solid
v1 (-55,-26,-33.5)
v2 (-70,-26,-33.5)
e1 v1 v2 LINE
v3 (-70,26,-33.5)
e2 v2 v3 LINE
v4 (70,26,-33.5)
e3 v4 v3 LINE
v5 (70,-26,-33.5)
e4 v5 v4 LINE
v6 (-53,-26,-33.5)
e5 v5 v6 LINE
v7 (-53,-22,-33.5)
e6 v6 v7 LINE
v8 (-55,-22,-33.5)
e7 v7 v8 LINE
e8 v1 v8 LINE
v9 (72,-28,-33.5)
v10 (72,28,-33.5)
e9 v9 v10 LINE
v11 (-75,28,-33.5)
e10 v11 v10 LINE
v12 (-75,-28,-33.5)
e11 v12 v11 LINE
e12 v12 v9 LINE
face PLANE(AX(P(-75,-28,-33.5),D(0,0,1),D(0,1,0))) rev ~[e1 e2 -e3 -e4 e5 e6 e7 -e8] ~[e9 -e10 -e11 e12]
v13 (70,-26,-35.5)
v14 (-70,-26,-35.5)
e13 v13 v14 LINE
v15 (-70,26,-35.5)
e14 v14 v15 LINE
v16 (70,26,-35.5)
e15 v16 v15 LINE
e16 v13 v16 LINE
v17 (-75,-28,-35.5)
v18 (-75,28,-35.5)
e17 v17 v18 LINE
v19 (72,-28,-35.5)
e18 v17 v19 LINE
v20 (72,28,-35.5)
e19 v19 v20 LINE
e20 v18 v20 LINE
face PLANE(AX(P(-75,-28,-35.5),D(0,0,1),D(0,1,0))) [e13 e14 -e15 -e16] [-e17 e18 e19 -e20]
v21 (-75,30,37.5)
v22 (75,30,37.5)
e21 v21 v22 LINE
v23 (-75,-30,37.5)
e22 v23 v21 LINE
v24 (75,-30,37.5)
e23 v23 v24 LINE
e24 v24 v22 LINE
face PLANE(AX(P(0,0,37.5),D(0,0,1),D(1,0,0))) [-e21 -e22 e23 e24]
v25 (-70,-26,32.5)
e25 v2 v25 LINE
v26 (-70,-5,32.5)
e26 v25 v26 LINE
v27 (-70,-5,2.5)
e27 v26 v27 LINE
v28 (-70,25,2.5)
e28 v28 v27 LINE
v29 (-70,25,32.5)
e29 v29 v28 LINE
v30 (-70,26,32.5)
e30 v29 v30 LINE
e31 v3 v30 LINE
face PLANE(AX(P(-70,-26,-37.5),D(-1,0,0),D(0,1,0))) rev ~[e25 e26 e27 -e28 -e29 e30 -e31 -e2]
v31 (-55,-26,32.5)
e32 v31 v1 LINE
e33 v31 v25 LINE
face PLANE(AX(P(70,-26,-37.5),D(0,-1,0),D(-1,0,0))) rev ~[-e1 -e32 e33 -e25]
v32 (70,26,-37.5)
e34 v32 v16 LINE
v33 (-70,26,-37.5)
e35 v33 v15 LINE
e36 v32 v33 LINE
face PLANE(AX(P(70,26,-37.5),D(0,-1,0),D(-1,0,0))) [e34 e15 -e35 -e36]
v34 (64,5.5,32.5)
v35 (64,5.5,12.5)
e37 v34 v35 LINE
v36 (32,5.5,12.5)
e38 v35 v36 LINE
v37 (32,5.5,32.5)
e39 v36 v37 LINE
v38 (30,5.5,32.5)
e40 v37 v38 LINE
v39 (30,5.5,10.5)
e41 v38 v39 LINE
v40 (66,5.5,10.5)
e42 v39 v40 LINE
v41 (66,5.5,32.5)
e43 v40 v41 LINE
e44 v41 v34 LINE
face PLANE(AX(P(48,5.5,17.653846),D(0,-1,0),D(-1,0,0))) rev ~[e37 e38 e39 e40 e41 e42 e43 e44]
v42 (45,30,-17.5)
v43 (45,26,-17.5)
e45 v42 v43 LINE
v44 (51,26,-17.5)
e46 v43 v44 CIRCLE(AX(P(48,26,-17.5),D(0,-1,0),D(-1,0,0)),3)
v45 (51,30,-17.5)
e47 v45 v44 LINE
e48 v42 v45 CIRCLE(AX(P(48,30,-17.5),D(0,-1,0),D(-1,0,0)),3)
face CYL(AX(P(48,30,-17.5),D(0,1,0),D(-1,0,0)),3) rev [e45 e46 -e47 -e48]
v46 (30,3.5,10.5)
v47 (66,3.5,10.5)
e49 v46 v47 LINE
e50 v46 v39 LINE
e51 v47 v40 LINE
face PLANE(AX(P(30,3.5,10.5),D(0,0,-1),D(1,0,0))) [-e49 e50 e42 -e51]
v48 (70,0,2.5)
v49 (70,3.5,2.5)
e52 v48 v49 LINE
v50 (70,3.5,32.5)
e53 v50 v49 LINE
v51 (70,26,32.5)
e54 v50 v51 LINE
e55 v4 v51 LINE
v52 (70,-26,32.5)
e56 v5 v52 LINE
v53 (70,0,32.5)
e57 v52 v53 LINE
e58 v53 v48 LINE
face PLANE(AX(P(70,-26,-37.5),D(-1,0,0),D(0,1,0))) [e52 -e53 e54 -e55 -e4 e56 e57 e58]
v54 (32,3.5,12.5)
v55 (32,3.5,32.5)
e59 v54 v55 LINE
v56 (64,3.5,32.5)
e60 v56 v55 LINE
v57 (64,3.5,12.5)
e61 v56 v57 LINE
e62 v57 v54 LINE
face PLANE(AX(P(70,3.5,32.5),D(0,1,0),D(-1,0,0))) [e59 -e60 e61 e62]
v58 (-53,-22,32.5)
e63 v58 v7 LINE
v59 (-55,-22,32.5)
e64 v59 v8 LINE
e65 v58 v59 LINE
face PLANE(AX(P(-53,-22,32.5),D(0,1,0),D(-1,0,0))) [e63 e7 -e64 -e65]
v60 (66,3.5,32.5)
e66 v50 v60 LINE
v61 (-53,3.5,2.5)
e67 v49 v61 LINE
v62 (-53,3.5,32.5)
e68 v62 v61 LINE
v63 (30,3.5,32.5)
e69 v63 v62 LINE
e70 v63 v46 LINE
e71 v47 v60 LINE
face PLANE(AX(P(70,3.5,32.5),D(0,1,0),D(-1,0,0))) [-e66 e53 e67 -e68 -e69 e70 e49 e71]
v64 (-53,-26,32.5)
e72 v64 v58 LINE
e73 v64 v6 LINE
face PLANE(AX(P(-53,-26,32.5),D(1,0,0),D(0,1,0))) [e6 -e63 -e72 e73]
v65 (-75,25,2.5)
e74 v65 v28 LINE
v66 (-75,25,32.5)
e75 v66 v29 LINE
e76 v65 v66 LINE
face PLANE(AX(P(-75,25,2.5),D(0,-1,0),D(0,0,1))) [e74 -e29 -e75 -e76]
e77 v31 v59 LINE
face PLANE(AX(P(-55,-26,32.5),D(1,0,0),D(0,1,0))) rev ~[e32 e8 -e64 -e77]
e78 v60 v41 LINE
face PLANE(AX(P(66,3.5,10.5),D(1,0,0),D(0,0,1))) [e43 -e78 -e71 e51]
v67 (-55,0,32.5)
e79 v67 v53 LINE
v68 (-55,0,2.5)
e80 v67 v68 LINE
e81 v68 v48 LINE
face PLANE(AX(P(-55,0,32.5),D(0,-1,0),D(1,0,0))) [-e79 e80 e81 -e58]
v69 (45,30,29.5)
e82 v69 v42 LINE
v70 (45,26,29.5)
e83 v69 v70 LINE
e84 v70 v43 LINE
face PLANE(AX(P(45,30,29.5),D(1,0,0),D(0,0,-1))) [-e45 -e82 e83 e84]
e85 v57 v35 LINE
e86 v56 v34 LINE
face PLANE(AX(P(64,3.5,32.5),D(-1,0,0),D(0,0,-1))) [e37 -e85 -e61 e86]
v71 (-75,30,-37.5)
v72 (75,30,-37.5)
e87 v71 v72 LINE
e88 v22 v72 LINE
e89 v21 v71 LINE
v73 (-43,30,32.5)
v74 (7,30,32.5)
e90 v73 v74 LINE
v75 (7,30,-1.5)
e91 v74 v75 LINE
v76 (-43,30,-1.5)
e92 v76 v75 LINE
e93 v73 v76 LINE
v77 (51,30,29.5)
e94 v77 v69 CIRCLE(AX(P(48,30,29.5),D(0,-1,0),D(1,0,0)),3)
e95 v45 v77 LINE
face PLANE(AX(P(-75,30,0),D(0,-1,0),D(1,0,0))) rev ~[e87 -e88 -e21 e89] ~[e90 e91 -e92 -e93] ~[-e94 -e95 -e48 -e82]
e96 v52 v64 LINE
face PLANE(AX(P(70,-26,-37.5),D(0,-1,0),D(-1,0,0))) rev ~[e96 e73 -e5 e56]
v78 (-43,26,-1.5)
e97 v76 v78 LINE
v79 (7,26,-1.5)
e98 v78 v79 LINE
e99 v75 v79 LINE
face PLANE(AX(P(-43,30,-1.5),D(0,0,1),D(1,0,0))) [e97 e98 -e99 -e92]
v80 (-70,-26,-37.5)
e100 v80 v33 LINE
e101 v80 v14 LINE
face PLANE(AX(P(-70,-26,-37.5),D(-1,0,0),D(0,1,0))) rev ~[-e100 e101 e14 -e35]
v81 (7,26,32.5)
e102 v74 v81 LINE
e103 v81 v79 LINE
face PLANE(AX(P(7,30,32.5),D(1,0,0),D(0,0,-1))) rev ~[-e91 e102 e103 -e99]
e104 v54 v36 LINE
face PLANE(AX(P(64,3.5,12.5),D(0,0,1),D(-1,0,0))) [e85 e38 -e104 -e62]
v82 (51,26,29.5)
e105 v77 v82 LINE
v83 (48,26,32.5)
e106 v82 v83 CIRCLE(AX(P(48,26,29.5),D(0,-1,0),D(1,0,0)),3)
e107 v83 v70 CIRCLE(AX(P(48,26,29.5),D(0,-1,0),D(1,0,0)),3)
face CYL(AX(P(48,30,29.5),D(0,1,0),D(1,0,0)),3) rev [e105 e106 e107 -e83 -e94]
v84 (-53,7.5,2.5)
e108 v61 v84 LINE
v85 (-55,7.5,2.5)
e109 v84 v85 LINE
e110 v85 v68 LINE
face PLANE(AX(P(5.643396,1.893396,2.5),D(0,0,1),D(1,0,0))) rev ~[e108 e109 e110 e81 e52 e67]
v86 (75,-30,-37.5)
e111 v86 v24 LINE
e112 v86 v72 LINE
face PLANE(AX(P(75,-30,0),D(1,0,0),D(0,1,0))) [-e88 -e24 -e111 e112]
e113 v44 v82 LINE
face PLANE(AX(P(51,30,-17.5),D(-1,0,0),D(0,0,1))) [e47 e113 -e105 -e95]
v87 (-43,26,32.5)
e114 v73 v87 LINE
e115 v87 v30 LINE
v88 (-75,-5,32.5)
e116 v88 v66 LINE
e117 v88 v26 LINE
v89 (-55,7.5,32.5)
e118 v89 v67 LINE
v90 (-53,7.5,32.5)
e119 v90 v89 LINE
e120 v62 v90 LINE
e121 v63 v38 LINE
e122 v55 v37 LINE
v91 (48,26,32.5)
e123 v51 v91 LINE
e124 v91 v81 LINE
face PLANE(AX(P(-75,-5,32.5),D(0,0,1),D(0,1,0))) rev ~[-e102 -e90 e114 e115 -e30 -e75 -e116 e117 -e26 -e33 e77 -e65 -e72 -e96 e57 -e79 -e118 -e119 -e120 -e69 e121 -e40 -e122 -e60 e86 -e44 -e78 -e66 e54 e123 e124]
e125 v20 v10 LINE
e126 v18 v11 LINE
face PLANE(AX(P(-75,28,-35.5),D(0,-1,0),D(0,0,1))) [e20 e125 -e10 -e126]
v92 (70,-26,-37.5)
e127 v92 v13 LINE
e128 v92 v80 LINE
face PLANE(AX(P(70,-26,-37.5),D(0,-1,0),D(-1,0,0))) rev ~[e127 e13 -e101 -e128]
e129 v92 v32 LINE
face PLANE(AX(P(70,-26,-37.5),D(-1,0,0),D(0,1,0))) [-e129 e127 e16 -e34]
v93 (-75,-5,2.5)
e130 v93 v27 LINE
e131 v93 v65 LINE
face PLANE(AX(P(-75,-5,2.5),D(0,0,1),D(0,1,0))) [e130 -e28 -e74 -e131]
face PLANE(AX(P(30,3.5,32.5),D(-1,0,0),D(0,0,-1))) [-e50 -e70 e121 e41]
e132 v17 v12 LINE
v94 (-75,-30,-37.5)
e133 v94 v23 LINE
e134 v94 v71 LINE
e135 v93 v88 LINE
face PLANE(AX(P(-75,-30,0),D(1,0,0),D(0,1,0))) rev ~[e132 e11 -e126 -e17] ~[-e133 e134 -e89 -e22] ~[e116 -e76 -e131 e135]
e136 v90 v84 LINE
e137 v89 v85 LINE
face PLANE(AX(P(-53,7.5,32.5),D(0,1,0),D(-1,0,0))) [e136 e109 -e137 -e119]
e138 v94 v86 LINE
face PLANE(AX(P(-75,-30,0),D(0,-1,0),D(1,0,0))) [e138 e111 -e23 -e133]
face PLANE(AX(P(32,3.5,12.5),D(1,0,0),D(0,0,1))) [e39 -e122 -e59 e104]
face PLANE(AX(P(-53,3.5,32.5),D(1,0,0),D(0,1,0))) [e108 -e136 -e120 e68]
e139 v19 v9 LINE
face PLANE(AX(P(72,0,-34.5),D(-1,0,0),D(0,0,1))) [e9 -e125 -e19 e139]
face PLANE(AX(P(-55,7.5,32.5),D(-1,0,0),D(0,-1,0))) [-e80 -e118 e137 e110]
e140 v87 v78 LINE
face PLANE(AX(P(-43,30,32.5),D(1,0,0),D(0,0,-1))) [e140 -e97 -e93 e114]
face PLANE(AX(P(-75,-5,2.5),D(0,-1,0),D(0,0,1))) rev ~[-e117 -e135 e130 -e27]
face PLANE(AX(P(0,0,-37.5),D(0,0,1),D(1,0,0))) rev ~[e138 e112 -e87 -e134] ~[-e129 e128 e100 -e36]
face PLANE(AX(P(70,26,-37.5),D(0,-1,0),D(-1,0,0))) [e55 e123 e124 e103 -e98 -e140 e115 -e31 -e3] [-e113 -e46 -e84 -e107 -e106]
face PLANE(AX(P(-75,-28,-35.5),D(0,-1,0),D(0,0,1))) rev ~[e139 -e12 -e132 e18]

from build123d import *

# Parameters (mm, degrees)
ESQUISSE1_W                 = 150
ESQUISSE1_H                 = 60
BOSS_EXTRU_1_DEPTH          = 37.5
ESQUISSE3_W                 = 140
ESQUISSE3_H                 = 52
ENL_V_MAT_EXTRU_2_DEPTH     = 70
ENL_V_MAT_VENTILATEUR_REACH = 159.5
ESQUISSE6_W                 = 30
ESQUISSE6_H                 = 30
ESQUISSE7_W                 = 2
ESQUISSE7_H                 = 4
BOSS_EXTRU_2_DEPTH          = 66
BOSS_EXTRU_3_DEPTH          = 30
ENL_V_MAT_ECRAN_REACH       = 105.108
ESQUISSE11_W                = 50
ESQUISSE11_H                = 34
ENL_V_MAT_MOLETTE_DEPTH     = 4
ESQUISSE15_W                = 2
ESQUISSE15_H                = 56
ENL_V_MAT_PAROI_DEPTH       = 147
BOSS_MOLETTE_DEPTH          = 2


with BuildPart() as part:
    # Esquisse1 → Boss.-Extru.1 (new, symmetric)
    with BuildSketch(Plane.XY):
        Rectangle(ESQUISSE1_W, ESQUISSE1_H)
    extrude(amount=BOSS_EXTRU_1_DEPTH, both=True)

    # Esquisse3 → Enlèv. mat.-Extru.2 (cut)
    with BuildSketch(Plane(origin=(0, 0, -37.5), x_dir=(-1, 0, 0), z_dir=(0, 0, -1))):
        Rectangle(ESQUISSE3_W, ESQUISSE3_H)
    extrude(amount=-ENL_V_MAT_EXTRU_2_DEPTH, mode=Mode.SUBTRACT)

    # Esquisse6 → Enlèv. mat.-Ventilateur (cut, up to next)
    with BuildSketch(Plane.ZY.offset(75), mode=Mode.PRIVATE) as enl_v_mat_ventilateur_sk1:
        with Locations((17.5, 10)):
            Rectangle(ESQUISSE6_W, ESQUISSE6_H)
    enl_v_mat_ventilateur_tool1 = extrude(enl_v_mat_ventilateur_sk1.sketch, amount=-ENL_V_MAT_VENTILATEUR_REACH, mode=Mode.PRIVATE) & part.part
    add(enl_v_mat_ventilateur_tool1.solids().sort_by_distance((-75, 10, 17.5))[0], mode=Mode.SUBTRACT)

    # Esquisse7 → Boss.-Extru.2 (add)
    with BuildSketch(Plane(origin=(0, 0, 32.5), x_dir=(-1, 0, 0), z_dir=(0, 0, -1))):
        with Locations((54, -24)):
            Rectangle(ESQUISSE7_W, ESQUISSE7_H)
    extrude(amount=BOSS_EXTRU_2_DEPTH)

    # Esquisse9 → Boss.-Extru.3 (add)
    with BuildSketch(Plane(origin=(0, 0, 32.5), x_dir=(-1, 0, 0), z_dir=(0, 0, -1))):
        Polygon((-70, 3.5), (53, 3.5), (53, 7.5), (55, 7.5), (55, 0), (-70, 0), align=None)
    extrude(amount=BOSS_EXTRU_3_DEPTH)

    # Esquisse11 → Enlèv. mat.-ecran (cut, up to next)
    with BuildSketch(Plane(origin=(0, 30, 0), x_dir=(1, 0, 0), z_dir=(0, 1, 0)), mode=Mode.PRIVATE) as enl_v_mat_ecran_sk1:
        with Locations((-18, -15.5)):
            Rectangle(ESQUISSE11_W, ESQUISSE11_H)
    enl_v_mat_ecran_tool1 = extrude(enl_v_mat_ecran_sk1.sketch, amount=-ENL_V_MAT_ECRAN_REACH, mode=Mode.PRIVATE) & part.part
    add(enl_v_mat_ecran_tool1.solids().sort_by_distance((-18, 30, 15.5))[0], mode=Mode.SUBTRACT)

    # Esquisse14 → Enlèv. mat.-molette (cut)
    with BuildSketch(Plane(origin=(0, 30, 0), x_dir=(1, 0, 0), z_dir=(0, 1, 0))):
        with BuildLine():
            Line((51, 17.5), (51, -29.5))
            ThreePointArc((51, -29.5), (48, -32.5), (45, -29.5))
            Line((45, -29.5), (45, 17.5))
            ThreePointArc((45, 17.5), (48, 20.5), (51, 17.5))
        make_face()
    extrude(amount=-ENL_V_MAT_MOLETTE_DEPTH, mode=Mode.SUBTRACT)

    # Esquisse15 → Enlèv. mat.-paroi (cut)
    with BuildSketch(Plane.ZY.offset(75)):
        with Locations((-34.5, 0)):
            Rectangle(ESQUISSE15_W, ESQUISSE15_H)
    extrude(amount=-ENL_V_MAT_PAROI_DEPTH, mode=Mode.SUBTRACT)

    # Esquisse16 → Boss.-molette (add)
    with BuildSketch(Plane(origin=(0, 3.5, 0), x_dir=(1, 0, 0), z_dir=(0, 1, 0))):
        Polygon((64, -32.5), (64, -12.5), (32, -12.5), (32, -32.5), (30, -32.5), (30, -10.5), (66, -10.5), (66, -32.5), align=None)
    extrude(amount=BOSS_MOLETTE_DEPTH)


solid = part.part
